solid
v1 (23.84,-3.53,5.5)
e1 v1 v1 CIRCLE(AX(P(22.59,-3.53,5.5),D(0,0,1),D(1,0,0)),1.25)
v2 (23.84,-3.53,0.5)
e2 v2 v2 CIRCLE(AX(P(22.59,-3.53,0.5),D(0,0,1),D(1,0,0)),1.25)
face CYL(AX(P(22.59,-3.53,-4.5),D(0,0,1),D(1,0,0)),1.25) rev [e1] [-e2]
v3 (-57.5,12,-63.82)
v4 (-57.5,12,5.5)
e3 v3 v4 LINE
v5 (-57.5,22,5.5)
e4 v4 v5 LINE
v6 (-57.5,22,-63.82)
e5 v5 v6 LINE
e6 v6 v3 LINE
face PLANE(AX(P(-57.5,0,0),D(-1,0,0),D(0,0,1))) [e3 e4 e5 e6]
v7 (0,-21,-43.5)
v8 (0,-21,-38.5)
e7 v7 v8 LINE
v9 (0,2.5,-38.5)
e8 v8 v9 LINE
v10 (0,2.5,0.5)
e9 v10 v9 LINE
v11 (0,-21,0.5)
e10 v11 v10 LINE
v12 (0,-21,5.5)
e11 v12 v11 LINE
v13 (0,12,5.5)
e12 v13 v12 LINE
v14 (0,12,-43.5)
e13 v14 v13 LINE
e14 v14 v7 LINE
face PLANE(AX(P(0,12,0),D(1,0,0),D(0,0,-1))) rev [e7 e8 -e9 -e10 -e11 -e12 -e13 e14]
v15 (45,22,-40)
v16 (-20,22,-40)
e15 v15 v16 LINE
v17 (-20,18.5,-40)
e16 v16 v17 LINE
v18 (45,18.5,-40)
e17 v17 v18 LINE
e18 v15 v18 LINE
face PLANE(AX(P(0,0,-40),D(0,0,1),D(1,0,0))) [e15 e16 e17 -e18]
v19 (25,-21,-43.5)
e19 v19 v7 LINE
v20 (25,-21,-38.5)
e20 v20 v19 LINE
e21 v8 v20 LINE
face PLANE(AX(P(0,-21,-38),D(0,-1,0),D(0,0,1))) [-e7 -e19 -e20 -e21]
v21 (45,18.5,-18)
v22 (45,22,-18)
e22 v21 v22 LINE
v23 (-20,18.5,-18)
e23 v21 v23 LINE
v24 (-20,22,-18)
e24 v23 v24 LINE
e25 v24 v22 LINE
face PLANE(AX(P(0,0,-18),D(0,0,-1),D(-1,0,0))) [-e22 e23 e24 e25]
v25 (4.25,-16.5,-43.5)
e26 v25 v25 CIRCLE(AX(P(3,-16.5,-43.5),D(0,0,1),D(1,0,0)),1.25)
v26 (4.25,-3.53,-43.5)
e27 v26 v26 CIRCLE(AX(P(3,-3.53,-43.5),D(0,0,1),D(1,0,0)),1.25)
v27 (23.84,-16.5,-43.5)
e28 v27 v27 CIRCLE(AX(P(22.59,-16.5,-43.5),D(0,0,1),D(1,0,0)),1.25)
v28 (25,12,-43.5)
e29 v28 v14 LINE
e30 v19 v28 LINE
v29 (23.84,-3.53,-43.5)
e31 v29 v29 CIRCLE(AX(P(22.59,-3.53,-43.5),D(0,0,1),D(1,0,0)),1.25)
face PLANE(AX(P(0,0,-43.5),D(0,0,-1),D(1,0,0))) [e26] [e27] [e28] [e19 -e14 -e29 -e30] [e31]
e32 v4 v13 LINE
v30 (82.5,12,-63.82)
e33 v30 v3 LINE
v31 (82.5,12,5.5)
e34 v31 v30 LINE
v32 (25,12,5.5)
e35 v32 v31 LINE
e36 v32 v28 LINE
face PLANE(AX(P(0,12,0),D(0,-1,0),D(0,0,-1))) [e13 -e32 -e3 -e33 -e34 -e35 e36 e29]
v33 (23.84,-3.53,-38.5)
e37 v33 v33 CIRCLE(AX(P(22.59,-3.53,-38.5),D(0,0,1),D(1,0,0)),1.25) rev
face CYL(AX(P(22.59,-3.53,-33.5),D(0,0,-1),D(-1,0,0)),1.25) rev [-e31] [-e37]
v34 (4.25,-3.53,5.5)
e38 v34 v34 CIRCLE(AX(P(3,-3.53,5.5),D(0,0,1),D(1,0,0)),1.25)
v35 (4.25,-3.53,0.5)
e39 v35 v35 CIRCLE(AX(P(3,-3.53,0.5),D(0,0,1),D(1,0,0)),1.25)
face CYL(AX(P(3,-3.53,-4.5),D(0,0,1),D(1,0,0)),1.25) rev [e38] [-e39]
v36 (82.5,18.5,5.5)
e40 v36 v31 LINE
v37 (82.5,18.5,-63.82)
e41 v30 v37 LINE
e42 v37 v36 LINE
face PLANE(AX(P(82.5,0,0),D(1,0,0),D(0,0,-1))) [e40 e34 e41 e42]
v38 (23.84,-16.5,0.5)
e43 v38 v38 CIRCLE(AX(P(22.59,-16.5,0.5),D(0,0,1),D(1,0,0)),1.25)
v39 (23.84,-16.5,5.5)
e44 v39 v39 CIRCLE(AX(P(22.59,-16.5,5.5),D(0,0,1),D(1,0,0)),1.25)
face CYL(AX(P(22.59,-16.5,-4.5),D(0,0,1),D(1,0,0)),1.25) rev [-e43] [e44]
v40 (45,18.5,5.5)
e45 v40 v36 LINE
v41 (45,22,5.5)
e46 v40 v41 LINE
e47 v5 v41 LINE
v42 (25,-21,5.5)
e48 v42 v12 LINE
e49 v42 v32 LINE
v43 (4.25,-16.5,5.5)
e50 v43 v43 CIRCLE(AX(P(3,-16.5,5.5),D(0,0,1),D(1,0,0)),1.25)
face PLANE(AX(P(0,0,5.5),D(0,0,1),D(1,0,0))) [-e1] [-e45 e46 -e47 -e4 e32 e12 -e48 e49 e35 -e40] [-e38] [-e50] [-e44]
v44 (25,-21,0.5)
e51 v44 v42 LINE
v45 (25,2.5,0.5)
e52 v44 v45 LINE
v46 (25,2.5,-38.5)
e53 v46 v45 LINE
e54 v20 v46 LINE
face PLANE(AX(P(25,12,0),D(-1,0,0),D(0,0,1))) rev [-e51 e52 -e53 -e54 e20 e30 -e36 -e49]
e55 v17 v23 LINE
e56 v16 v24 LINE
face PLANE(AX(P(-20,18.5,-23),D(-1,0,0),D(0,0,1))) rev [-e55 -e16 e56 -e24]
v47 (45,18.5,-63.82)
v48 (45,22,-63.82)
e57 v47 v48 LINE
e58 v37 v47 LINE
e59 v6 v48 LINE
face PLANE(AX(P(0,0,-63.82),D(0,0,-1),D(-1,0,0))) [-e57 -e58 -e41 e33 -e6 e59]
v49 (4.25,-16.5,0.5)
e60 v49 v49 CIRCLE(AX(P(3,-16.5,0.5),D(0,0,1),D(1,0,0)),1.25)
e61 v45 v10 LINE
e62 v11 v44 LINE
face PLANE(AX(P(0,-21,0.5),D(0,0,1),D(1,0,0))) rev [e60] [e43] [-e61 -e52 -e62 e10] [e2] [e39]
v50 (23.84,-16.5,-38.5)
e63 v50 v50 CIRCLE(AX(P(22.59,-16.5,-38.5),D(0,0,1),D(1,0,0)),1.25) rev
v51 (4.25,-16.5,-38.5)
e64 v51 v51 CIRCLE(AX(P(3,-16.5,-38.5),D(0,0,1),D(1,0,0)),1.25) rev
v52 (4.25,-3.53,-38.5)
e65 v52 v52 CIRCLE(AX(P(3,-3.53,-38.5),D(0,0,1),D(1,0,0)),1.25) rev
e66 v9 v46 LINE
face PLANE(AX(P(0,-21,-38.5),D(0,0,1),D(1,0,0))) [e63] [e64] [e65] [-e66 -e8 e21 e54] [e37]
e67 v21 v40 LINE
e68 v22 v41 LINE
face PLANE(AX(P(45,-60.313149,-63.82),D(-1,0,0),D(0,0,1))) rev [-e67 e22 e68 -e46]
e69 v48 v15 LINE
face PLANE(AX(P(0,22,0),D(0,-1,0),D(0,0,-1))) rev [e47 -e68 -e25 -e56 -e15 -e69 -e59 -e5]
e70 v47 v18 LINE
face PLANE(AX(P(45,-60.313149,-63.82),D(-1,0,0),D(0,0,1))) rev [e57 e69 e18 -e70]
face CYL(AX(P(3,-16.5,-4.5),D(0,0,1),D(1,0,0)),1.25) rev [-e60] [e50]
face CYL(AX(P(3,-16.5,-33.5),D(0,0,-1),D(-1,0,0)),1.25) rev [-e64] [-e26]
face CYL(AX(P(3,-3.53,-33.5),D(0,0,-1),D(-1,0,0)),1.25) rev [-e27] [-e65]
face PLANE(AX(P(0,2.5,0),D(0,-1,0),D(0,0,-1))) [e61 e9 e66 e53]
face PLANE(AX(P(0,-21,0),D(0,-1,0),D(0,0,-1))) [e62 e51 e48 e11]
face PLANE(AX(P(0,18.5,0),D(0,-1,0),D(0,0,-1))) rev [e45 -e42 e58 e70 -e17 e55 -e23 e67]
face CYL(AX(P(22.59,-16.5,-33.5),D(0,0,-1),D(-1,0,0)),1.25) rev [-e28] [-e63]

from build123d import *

# Parameters (mm, degrees)
SKETCH1_W           = 25
SKETCH1_H           = 38
BOSS_EXTRUDE1_DEPTH = 12
SKETCH3_W           = 25
SKETCH3_H           = 12
BOSS_EXTRUDE2_DEPTH = 5.5
SKETCH5_W           = 25
SKETCH5_H           = 5
BOSS_EXTRUDE3_DEPTH = 21
SKETCH6_R           = 1.25
CUT_EXTRUDE1_DEPTH  = 10
SKETCH7_W           = 75
SKETCH7_H           = 49
BOSS_EXTRUDE4_DEPTH = 10
SKETCH8_W           = 65
SKETCH8_H           = 12
CUT_EXTRUDE2_DEPTH  = 3.5
SKETCH11_W          = 25
SKETCH11_H          = 39
CUT_EXTRUDE4_DEPTH  = 2.5
SKETCH12_W          = 75
SKETCH12_H          = 10
BOSS_EXTRUDE6_DEPTH = 20.32
SKETCH15_W          = 69.32
SKETCH15_H          = 10
BOSS_EXTRUDE7_DEPTH = 32.5
SKETCH16_W          = 69.32
SKETCH16_H          = 10
BOSS_EXTRUDE8_DEPTH = 32.5
SKETCH19_W          = 12
SKETCH19_H          = 3.5
CUT_EXTRUDE6_DEPTH  = 38.5
SKETCH23_W          = 102.5
SKETCH23_H          = 3.5
CUT_EXTRUDE7_DEPTH  = 5
SKETCH24_W          = 102.5
SKETCH24_H          = 3.5
CUT_EXTRUDE8_DEPTH  = 5
SKETCH25_W          = 37.5
SKETCH25_H          = 69.32
CUT_EXTRUDE9_DEPTH  = 3.5


with BuildPart() as part:
    # Sketch1 → Boss-Extrude1 (new body)
    with BuildSketch(Plane(origin=(0, 0, 0), x_dir=(1, 0, 0), z_dir=(0, 1, 0))):
        with Locations((12.5, 19)):
            Rectangle(SKETCH1_W, SKETCH1_H)
    extrude(amount=BOSS_EXTRUDE1_DEPTH)

    # Sketch3 → Boss-Extrude2 (add)
    with BuildSketch(Plane.XY):
        with Locations((12.5, 6)):
            Rectangle(SKETCH3_W, SKETCH3_H)
    boss_extrude2 = extrude(amount=BOSS_EXTRUDE2_DEPTH)

    # Sketch5 → Boss-Extrude3 (add)
    with BuildSketch(Plane.XZ):
        with Locations((12.5, 3)):
            Rectangle(SKETCH5_W, SKETCH5_H)
    boss_extrude3 = extrude(amount=BOSS_EXTRUDE3_DEPTH)

    # Sketch6 → Cut-Extrude1 (cut)
    with BuildSketch(Plane.XY.offset(5.5)):
        with Locations((3, -16.5)):
            Circle(SKETCH6_R)
        with Locations((22.59, -16.5)):
            Circle(SKETCH6_R)
        with Locations((22.59, -3.53)):
            Circle(SKETCH6_R)
        with Locations((3, -3.53)):
            Circle(SKETCH6_R)
    cut_extrude1 = extrude(amount=-CUT_EXTRUDE1_DEPTH, mode=Mode.SUBTRACT)

    # Mirror1: Boss-Extrude2, Boss-Extrude3, Cut-Extrude1 across plane
    add(boss_extrude2.mirror(Plane.XY.offset(-19)))
    add(boss_extrude3.mirror(Plane.XY.offset(-19)))
    add(cut_extrude1.mirror(Plane.XY.offset(-19)), mode=Mode.SUBTRACT)

    # Sketch7 → Boss-Extrude4 (add)
    with BuildSketch(Plane(origin=(0, 12, 0), x_dir=(1, 0, 0), z_dir=(0, 1, 0))):
        with Locations((12.5, 19)):
            Rectangle(SKETCH7_W, SKETCH7_H)
    extrude(amount=BOSS_EXTRUDE4_DEPTH)

    # Sketch8 → Cut-Extrude2 (cut)
    with BuildSketch(Plane(origin=(0, 22, 0), x_dir=(1, 0, 0), z_dir=(0, 1, 0))):
        with Locations((12.5, 29)):
            Rectangle(SKETCH8_W, SKETCH8_H)
    extrude(amount=-CUT_EXTRUDE2_DEPTH, mode=Mode.SUBTRACT)

    # Sketch11 → Cut-Extrude4 (cut)
    with BuildSketch(Plane.XZ):
        with Locations((12.5, -19)):
            Rectangle(SKETCH11_W, SKETCH11_H)
    extrude(amount=-CUT_EXTRUDE4_DEPTH, mode=Mode.SUBTRACT)

    # Sketch12 → Boss-Extrude6 (add)
    with BuildSketch(Plane(origin=(0, 0, -43.5), x_dir=(-1, 0, 0), z_dir=(0, 0, -1))):
        with Locations((-12.5, 17)):
            Rectangle(SKETCH12_W, SKETCH12_H)
    extrude(amount=BOSS_EXTRUDE6_DEPTH)

    # Sketch15 → Boss-Extrude7 (add)
    with BuildSketch(Plane(origin=(50, 0, 0), x_dir=(0, 0, -1), z_dir=(1, 0, 0))):
        with Locations((29.16, 17)):
            Rectangle(SKETCH15_W, SKETCH15_H)
    extrude(amount=BOSS_EXTRUDE7_DEPTH)

    # Sketch16 → Boss-Extrude8 (add)
    with BuildSketch(Plane.ZY.offset(25)):
        with Locations((-29.16, 17)):
            Rectangle(SKETCH16_W, SKETCH16_H)
    extrude(amount=BOSS_EXTRUDE8_DEPTH)

    # Sketch19 → Cut-Extrude6 (cut, through all)
    with BuildSketch(Plane.ZY.offset(-45)):
        with Locations((-29, 20.25)):
            Rectangle(SKETCH19_W, SKETCH19_H)
    extrude(amount=-CUT_EXTRUDE6_DEPTH, mode=Mode.SUBTRACT)

    # Sketch23 → Cut-Extrude7 (cut)
    with BuildSketch(Plane.XY.offset(-35)):
        with Locations((31.25, 20.25)):
            Rectangle(SKETCH23_W, SKETCH23_H)
    extrude(amount=-CUT_EXTRUDE7_DEPTH, mode=Mode.SUBTRACT)

    # Sketch24 → Cut-Extrude8 (cut)
    with BuildSketch(Plane(origin=(0, 0, -23), x_dir=(-1, 0, 0), z_dir=(0, 0, -1))):
        with Locations((-31.25, 20.25)):
            Rectangle(SKETCH24_W, SKETCH24_H)
    extrude(amount=-CUT_EXTRUDE8_DEPTH, mode=Mode.SUBTRACT)

    # Sketch25 → Cut-Extrude9 (cut)
    with BuildSketch(Plane(origin=(0, 22, 0), x_dir=(1, 0, 0), z_dir=(0, 1, 0))):
        with Locations((63.75, 29.16)):
            Rectangle(SKETCH25_W, SKETCH25_H)
    extrude(amount=-CUT_EXTRUDE9_DEPTH, mode=Mode.SUBTRACT)


solid = part.part
